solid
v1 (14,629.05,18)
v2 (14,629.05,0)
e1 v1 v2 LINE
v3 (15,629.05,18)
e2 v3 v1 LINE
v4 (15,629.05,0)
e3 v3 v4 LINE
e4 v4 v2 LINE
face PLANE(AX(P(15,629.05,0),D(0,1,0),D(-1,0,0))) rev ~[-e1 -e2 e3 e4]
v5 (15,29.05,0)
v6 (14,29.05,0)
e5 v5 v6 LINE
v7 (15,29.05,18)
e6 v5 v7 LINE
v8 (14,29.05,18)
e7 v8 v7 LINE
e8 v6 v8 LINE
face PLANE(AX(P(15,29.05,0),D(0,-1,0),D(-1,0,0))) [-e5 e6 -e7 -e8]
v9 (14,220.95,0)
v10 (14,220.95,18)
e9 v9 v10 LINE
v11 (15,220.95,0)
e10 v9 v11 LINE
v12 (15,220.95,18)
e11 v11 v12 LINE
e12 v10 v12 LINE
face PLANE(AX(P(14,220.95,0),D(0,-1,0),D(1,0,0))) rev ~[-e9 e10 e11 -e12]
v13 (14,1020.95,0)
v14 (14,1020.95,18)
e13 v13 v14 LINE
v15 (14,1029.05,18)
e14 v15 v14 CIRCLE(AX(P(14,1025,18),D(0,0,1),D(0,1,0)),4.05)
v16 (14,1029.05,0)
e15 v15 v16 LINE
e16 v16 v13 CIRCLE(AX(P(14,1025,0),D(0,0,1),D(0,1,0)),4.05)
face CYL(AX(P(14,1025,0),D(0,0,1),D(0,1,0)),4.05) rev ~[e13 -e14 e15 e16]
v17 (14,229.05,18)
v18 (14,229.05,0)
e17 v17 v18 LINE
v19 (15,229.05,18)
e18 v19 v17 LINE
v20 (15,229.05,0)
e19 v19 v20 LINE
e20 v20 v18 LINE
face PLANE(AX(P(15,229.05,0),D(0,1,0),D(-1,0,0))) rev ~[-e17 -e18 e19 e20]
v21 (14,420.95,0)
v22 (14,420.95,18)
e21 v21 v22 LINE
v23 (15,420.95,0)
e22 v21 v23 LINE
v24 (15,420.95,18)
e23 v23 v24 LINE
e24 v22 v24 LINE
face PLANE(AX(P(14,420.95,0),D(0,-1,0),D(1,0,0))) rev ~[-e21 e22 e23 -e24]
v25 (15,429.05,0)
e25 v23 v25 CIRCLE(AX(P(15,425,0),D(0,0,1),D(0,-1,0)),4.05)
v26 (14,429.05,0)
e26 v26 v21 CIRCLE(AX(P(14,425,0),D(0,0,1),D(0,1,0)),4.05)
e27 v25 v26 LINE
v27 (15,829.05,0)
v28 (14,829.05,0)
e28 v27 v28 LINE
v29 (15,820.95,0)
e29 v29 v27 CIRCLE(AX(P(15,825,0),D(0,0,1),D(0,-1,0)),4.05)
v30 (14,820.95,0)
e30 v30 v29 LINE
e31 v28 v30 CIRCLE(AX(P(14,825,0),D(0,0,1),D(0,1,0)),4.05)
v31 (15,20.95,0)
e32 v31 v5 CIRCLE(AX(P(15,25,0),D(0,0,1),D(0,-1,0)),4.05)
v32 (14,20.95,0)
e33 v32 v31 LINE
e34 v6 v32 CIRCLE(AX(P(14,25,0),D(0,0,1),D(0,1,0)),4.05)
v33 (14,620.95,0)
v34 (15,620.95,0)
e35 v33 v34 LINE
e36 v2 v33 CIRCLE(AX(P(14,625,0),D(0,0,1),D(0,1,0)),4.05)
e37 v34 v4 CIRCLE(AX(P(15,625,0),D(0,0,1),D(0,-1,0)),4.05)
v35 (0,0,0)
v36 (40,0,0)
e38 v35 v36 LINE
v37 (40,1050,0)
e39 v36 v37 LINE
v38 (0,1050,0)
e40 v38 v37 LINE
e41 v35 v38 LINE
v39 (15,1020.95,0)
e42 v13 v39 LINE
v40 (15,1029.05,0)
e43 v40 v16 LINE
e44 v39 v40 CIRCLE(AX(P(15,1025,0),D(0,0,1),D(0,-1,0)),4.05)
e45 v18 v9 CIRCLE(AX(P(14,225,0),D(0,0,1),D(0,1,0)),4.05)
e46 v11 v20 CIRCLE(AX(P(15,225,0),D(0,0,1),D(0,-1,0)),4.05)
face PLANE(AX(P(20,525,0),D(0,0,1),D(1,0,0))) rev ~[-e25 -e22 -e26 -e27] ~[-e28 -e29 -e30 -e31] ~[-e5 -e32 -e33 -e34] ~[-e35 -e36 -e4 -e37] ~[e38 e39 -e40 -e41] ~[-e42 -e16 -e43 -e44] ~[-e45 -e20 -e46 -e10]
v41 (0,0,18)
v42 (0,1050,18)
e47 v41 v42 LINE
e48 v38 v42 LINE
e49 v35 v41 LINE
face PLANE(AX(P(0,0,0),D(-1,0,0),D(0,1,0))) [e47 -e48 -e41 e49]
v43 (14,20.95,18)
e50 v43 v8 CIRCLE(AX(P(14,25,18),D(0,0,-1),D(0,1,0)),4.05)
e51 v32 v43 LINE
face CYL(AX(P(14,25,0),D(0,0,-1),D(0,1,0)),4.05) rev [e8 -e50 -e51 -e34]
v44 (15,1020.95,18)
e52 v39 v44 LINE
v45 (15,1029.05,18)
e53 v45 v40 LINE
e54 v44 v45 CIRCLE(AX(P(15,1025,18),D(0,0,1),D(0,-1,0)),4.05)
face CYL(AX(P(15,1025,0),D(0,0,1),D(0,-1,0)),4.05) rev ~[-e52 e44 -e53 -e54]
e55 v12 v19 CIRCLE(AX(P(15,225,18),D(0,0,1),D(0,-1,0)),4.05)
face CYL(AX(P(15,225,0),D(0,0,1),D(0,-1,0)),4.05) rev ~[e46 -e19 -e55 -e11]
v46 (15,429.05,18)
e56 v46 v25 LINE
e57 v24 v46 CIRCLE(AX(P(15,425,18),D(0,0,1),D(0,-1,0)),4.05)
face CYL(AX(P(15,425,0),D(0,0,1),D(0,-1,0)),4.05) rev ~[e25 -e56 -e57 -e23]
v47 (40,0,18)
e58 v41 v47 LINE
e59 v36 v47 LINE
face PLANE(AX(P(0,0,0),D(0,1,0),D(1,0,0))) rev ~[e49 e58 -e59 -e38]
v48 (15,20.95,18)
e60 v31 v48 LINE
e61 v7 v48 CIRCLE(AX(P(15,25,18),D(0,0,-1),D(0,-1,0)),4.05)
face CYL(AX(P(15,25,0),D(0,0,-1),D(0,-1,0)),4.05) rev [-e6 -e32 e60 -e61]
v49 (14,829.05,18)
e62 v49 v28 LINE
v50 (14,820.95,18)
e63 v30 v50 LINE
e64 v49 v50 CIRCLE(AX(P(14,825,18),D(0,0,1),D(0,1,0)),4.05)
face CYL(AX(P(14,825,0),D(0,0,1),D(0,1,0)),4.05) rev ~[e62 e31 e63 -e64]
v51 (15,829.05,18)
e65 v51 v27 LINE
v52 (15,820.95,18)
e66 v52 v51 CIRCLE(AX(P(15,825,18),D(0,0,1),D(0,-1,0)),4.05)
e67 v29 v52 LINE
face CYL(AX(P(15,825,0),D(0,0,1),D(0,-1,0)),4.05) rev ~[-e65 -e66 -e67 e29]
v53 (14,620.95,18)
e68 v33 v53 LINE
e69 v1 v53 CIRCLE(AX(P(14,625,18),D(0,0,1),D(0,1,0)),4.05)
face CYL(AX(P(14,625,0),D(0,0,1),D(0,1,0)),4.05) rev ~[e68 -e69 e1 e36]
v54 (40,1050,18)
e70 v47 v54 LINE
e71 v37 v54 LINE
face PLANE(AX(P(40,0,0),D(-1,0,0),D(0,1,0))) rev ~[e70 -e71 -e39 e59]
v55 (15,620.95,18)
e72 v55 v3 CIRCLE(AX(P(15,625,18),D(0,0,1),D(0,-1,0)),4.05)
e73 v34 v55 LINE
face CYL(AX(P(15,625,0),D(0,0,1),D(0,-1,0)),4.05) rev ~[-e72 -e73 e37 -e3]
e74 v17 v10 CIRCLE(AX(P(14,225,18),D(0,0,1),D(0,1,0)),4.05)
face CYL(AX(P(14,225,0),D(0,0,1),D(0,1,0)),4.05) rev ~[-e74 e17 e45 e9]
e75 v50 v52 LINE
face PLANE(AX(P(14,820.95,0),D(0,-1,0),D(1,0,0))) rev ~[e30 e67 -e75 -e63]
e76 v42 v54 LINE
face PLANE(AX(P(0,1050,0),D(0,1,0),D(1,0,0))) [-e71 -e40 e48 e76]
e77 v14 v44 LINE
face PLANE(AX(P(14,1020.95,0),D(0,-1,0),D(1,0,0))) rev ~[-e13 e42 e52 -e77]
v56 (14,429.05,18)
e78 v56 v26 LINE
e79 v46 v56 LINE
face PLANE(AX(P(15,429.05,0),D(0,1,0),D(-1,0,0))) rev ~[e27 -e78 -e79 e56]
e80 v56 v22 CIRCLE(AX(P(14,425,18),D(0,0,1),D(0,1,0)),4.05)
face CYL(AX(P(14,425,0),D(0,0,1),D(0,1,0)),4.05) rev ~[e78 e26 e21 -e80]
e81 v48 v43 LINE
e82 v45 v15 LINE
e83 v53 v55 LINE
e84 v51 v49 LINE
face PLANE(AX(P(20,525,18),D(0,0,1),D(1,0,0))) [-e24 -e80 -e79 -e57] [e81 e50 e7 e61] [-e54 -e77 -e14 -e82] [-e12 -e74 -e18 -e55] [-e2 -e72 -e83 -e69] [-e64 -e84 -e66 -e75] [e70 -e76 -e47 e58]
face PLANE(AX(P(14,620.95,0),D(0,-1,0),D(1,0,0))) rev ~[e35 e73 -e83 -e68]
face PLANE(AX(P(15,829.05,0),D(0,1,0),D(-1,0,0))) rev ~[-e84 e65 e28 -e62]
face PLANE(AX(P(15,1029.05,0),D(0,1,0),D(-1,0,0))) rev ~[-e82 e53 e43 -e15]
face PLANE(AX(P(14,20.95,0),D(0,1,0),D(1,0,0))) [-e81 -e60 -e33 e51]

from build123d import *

# Parameters (mm, degrees)
SKETCH_W            = 40
SKETCH_H            = 1050
PAD_DEPTH           = 18
POCKET_DEPTH        = 0.001
POCKET_DEPTH_BACK   = 18.001
LINEARPATTERN_COUNT = 10
LINEARPATTERN_PITCH = 200


with BuildPart() as part:
    # Sketch → Pad (new body)
    with BuildSketch(Plane.XY):
        with Locations((20, 525)):
            Rectangle(SKETCH_W, SKETCH_H)
    extrude(amount=PAD_DEPTH)

    # Sketch001 → Pocket (cut, two sides)
    with BuildSketch(Plane(origin=(14, 25, 0), x_dir=(1, 0, 0), z_dir=(0, 0, 1))) as pocket_sk:
        with BuildLine():
            ThreePointArc((0, 4.05), (-4.05, 0), (0, -4.05))
            Line((0, -4.05), (1, -4.05))
            ThreePointArc((1, -4.05), (5.05, 0), (1, 4.05))
            Line((1, 4.05), (0, 4.05))
        make_face()
    pocket = extrude(amount=-POCKET_DEPTH, mode=Mode.SUBTRACT) + extrude(pocket_sk.sketch, amount=POCKET_DEPTH_BACK, mode=Mode.SUBTRACT)

    # LinearPattern: Pocket ×10
    with Locations(*[(0, i * LINEARPATTERN_PITCH, 0) for i in range(1, LINEARPATTERN_COUNT)]):
        add(pocket, mode=Mode.SUBTRACT)


solid = part.part
